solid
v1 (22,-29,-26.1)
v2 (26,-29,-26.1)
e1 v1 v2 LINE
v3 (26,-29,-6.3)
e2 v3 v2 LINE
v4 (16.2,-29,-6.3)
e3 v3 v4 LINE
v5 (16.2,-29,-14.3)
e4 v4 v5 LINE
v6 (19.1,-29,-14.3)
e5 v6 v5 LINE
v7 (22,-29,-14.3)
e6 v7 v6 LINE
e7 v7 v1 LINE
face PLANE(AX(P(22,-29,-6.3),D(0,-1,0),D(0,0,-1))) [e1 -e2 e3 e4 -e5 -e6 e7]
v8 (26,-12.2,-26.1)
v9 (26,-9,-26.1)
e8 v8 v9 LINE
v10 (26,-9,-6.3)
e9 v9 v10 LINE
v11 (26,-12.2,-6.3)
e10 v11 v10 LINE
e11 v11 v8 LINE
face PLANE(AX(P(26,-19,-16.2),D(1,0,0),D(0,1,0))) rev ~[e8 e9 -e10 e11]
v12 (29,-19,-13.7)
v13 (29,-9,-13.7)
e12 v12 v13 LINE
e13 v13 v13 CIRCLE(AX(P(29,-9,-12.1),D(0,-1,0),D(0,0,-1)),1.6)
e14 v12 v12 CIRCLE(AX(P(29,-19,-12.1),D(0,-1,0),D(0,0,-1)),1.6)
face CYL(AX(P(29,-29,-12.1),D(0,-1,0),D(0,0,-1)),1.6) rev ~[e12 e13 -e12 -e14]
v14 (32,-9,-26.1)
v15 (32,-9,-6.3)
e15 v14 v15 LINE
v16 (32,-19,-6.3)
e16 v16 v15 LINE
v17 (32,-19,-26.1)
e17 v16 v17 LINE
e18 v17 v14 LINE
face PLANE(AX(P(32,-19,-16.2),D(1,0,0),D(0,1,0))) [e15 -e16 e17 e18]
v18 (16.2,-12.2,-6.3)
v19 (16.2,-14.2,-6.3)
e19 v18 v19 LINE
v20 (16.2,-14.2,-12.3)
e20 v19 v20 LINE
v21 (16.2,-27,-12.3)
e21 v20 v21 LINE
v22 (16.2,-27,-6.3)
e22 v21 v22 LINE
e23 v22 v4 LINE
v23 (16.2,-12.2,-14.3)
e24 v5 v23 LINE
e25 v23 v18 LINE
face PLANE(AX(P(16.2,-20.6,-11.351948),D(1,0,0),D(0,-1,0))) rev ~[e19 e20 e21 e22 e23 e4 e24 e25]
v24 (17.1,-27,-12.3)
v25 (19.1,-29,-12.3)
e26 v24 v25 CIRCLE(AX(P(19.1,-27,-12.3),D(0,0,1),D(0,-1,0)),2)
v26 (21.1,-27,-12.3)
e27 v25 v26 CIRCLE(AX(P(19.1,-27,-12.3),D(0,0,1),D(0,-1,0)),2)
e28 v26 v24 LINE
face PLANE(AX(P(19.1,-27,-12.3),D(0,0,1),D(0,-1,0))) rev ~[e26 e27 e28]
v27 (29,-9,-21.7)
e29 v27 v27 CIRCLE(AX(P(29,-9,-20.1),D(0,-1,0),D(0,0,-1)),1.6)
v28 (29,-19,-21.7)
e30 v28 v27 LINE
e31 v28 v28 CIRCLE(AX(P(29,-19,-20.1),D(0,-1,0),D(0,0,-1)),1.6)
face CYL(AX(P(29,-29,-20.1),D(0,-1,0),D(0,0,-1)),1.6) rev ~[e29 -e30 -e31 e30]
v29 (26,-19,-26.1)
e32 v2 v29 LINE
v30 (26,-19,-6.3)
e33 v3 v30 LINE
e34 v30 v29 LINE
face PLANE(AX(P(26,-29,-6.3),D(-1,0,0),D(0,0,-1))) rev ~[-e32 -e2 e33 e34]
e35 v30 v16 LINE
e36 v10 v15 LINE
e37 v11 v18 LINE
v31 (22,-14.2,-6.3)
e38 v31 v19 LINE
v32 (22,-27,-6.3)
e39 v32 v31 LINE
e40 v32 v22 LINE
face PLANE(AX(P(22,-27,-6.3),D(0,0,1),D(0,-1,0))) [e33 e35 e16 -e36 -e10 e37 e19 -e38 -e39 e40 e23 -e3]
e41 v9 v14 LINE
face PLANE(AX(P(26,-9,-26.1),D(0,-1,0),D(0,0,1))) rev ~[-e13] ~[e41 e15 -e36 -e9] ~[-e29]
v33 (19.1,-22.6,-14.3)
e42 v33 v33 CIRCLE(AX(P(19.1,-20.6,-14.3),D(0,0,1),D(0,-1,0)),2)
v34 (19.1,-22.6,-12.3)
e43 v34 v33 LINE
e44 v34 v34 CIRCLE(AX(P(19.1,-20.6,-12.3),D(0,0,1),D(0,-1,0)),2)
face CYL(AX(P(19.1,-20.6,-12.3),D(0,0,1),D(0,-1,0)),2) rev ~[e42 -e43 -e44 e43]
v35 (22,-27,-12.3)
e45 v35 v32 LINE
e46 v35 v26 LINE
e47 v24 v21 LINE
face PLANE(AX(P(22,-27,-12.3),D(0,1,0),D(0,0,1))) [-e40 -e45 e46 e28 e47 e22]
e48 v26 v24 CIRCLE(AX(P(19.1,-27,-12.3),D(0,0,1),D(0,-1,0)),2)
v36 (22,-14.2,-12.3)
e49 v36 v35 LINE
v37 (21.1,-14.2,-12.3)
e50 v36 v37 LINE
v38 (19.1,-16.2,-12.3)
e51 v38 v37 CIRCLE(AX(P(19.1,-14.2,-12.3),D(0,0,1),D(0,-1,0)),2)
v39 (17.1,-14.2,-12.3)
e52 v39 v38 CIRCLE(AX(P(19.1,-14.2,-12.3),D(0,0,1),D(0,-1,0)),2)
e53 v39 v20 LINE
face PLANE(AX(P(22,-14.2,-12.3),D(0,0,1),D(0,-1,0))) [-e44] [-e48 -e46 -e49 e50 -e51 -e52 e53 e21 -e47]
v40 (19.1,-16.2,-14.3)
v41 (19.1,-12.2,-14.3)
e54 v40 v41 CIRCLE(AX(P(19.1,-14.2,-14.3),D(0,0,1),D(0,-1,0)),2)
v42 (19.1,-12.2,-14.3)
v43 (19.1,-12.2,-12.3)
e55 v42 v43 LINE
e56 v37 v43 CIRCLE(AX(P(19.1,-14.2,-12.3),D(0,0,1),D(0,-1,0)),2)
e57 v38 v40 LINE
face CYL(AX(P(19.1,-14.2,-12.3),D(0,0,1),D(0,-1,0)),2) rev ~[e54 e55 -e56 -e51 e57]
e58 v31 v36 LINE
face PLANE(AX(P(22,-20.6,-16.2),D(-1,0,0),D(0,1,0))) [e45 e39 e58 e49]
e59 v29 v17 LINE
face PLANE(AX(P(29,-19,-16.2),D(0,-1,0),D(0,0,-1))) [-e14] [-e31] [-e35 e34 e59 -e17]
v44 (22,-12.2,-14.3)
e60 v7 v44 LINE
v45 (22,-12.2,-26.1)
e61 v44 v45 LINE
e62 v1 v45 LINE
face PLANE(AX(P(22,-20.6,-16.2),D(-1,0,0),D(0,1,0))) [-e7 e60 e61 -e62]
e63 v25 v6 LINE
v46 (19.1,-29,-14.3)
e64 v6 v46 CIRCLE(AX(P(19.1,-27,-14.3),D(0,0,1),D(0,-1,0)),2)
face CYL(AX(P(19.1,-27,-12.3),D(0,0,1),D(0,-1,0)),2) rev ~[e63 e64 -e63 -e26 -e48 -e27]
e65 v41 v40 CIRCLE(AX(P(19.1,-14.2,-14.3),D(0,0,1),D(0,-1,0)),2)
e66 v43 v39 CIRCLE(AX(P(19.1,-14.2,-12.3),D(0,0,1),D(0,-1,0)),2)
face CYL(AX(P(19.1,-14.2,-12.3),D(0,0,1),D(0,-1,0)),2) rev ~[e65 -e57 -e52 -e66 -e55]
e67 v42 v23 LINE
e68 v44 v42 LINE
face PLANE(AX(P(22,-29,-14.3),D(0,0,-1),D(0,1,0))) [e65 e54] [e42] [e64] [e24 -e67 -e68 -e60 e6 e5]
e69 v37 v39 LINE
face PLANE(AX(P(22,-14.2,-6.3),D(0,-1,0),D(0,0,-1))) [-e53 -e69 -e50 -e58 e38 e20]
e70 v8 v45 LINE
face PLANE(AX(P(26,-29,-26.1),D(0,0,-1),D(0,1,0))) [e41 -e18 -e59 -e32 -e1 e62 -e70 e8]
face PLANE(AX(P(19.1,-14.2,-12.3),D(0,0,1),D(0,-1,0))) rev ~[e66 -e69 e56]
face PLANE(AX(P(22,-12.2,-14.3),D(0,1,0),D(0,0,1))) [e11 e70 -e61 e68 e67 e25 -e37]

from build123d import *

# Parameters (mm, degrees)
SKETCH077_W            = 20
SKETCH077_H            = 19.8
PAD046_DEPTH           = 6
SKETCH078_R            = 1.6
POCKET032_DEPTH        = 40
SKETCH079_W            = 16.8
SKETCH079_H            = 19.8
PAD047_DEPTH           = 4
PAD048_DEPTH           = 5.8
SKETCH081_R            = 2
POCKET033_DEPTH        = 5
LINEARPATTERN002_COUNT = 3
LINEARPATTERN002_PITCH = 6.4
SKETCH082_W            = 19.8
SKETCH082_H            = 6
POCKET034_DEPTH        = 10


with BuildPart() as part:
    # Sketch077 → Pad046 (new body)
    with BuildSketch(Plane.YZ):
        with Locations((-6, 0.1)):
            Rectangle(SKETCH077_W, SKETCH077_H)
    extrude(amount=PAD046_DEPTH)

    # Sketch078 (on Face4 of Pad046) → Pocket032 (cut)
    with BuildSketch(Plane(origin=(0, -16, 0), x_dir=(0, 0, -1), z_dir=(0, -1, 0))):
        with Locations((3.8, 3)):
            Circle(SKETCH078_R)
        with Locations((-4.2, 3)):
            Circle(SKETCH078_R)
    extrude(amount=-POCKET032_DEPTH, mode=Mode.SUBTRACT)

    # Sketch079 (on Face4 of Pocket032) → Pad047 (join)
    with BuildSketch(Plane(origin=(0, 0, 0), x_dir=(0, 1, 0), z_dir=(-1, 0, 0))):
        with Locations((-7.6, -0.1)):
            Rectangle(SKETCH079_W, SKETCH079_H)
    extrude(amount=PAD047_DEPTH)

    # Sketch080 (on Face7 of Pad047) → Pad048 (join)
    with BuildSketch(Plane(origin=(-4, 0, 0), x_dir=(0, 1, 0), z_dir=(-1, 0, 0))):
        Polygon((-16, -10), (-16, -2), (0.8, -2), (0.8, -10), (-1.2, -10), (-1.2, -4), (-14, -4), (-14, -10), align=None)
    extrude(amount=PAD048_DEPTH)

    # Sketch081 (on Face13 of Pad048) → Pocket033 (cut)
    with BuildSketch(Plane(origin=(0, 0, 4), x_dir=(0, -1, 0), z_dir=(0, 0, 1))):
        with Locations((1.2, -6.9)):
            Circle(SKETCH081_R)
    pocket033 = extrude(amount=-POCKET033_DEPTH, mode=Mode.SUBTRACT)

    # LinearPattern002: Pocket033 ×3
    with Locations(*[(0, -i * LINEARPATTERN002_PITCH, 0) for i in range(1, LINEARPATTERN002_COUNT)]):
        add(pocket033, mode=Mode.SUBTRACT)

    # Sketch082 (on Face8 of LinearPattern002) → Pocket034 (cut)
    with BuildSketch(Plane(origin=(0, -16, 0), x_dir=(0, 0, -1), z_dir=(0, -1, 0))):
        with Locations((-0.1, 3)):
            Rectangle(SKETCH082_W, SKETCH082_H)
    extrude(amount=-POCKET034_DEPTH, mode=Mode.SUBTRACT)


with BuildPart() as part_1:
    # Body012 placement: moved
    add(part.part.moved(Location((26, -13, -16.3))))


solid = part_1.part
